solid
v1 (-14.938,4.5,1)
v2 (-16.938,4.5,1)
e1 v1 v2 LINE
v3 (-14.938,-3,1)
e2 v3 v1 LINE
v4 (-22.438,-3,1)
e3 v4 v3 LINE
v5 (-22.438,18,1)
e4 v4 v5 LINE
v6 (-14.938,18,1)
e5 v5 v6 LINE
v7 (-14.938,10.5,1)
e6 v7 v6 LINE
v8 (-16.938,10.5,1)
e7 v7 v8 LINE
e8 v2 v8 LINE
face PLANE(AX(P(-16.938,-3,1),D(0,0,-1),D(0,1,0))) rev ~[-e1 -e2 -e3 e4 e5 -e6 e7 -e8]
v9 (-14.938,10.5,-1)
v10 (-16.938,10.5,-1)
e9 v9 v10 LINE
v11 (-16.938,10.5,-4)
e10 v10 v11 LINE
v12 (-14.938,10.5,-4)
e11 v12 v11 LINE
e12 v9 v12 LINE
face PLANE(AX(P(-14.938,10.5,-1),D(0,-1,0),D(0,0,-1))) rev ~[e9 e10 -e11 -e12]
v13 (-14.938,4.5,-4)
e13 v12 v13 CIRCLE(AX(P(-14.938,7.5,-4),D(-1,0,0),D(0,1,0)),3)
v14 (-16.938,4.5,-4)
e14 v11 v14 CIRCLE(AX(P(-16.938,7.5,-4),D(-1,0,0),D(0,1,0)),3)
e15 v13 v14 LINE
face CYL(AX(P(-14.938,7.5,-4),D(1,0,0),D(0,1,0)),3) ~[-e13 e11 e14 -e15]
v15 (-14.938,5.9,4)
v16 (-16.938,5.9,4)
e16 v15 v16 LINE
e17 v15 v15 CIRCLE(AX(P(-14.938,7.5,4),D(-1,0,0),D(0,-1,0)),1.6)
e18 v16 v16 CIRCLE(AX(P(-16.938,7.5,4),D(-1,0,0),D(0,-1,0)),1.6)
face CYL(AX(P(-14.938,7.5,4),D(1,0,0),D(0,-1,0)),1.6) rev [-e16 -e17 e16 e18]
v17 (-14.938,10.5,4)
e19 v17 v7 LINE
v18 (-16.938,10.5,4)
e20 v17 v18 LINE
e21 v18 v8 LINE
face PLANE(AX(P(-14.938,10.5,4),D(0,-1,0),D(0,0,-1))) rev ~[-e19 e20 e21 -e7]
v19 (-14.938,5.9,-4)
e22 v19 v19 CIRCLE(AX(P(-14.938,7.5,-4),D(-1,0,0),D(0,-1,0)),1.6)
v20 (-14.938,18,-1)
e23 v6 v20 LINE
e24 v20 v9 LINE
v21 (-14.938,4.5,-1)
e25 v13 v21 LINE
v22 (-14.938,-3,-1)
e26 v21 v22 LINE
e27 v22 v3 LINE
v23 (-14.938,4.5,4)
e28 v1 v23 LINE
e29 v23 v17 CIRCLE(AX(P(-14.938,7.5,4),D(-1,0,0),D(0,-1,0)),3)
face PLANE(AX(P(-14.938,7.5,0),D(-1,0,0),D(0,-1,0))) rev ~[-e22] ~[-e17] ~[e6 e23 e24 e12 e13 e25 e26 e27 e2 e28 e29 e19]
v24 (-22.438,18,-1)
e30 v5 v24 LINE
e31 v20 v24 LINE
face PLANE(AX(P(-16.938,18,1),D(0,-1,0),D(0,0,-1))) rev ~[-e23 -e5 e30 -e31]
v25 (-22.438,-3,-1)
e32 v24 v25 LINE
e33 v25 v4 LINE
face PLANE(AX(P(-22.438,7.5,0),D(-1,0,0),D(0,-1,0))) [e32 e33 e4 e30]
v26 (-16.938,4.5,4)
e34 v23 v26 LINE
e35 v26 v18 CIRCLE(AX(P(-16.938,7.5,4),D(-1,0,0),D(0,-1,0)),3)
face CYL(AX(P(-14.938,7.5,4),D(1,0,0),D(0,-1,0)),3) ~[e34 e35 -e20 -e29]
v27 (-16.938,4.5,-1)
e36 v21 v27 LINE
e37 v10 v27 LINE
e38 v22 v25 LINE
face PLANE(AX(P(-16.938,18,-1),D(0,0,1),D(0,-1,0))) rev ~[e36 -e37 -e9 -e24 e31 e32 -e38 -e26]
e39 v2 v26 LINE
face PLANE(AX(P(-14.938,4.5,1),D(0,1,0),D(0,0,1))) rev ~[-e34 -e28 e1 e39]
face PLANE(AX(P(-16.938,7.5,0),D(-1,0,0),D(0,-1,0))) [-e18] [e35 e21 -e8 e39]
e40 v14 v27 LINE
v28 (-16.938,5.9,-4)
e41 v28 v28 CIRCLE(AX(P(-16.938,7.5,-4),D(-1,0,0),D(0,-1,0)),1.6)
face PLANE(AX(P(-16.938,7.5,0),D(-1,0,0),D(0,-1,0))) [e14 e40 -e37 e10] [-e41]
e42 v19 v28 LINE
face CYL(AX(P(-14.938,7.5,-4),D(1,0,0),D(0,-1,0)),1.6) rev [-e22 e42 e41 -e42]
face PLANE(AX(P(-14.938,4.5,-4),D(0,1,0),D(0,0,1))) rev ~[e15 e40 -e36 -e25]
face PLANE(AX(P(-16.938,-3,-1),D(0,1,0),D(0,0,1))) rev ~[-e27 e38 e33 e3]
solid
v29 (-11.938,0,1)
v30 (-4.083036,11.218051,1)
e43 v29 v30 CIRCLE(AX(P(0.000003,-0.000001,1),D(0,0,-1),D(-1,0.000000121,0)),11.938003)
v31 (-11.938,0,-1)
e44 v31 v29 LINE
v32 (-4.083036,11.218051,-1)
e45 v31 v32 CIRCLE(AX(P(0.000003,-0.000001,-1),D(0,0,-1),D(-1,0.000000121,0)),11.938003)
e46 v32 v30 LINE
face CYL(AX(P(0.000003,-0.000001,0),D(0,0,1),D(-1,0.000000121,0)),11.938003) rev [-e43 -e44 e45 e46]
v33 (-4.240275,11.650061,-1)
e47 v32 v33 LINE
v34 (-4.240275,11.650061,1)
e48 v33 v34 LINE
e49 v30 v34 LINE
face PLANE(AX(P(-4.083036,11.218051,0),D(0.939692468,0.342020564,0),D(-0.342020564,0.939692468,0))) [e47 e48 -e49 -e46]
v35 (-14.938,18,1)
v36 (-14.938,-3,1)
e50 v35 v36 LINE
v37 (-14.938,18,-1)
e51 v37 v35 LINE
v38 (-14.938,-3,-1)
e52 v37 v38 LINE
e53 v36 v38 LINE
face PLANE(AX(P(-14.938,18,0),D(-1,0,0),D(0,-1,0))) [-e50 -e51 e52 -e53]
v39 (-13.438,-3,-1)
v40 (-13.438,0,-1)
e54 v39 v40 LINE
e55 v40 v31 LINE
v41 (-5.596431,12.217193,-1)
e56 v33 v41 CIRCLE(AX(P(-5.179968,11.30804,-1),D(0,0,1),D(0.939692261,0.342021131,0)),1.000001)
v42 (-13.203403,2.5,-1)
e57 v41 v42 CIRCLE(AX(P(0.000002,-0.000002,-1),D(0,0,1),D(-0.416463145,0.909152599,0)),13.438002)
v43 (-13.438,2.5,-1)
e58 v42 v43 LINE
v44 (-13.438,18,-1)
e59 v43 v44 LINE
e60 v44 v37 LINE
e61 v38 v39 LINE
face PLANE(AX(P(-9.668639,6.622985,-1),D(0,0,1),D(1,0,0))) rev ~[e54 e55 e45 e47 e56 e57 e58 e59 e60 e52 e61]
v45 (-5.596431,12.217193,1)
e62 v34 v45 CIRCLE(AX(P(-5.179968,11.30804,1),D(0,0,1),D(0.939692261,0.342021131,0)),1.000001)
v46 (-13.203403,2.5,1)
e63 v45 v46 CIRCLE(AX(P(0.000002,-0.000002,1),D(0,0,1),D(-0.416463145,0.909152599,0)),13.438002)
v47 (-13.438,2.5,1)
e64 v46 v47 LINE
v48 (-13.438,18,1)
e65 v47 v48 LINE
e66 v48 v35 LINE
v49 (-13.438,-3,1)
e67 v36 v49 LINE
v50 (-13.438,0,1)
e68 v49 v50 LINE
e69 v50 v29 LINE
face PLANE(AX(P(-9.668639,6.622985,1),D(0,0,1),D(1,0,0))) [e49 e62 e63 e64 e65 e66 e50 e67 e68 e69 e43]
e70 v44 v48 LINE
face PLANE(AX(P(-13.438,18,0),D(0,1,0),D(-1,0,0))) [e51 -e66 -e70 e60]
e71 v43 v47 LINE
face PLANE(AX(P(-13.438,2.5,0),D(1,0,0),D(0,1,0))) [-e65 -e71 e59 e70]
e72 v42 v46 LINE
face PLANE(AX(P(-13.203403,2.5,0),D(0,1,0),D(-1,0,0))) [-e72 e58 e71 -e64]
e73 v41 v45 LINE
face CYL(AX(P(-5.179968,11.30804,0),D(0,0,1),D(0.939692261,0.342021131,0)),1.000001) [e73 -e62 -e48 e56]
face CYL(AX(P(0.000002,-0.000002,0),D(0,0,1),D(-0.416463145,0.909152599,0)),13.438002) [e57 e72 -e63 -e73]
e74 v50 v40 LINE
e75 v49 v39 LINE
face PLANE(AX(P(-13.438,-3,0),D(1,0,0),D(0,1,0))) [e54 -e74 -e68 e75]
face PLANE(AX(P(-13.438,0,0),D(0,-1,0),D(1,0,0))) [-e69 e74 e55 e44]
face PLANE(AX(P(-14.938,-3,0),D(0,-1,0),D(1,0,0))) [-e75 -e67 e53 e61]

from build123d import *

# Parameters (mm, degrees)
F1_DEPTH = 1
F2_R     = 1.6
F3_DEPTH = 2
F5_DEPTH = 5.5


with BuildPart() as f1:
    # F0 (on Top) → F1 (new body, symmetric)
    with BuildSketch(Plane.XY):
        with BuildLine():
            Line((-13.438, 0), (-11.938, 0))
            ThreePointArc((-11.938, 0), (-9.779037, 6.847355), (-4.083036, 11.218051))
            Line((-4.083036, 11.218051), (-4.240275, 11.650061))
            ThreePointArc((-4.240275, 11.650061), (-4.794154, 12.230617), (-5.596431, 12.217193))
            ThreePointArc((-5.596431, 12.217193), (-10.581323, 8.283444), (-13.203403, 2.5))
            ThreePointArc((-13.203403, 2.5), (-13.379222, 1.255492), (-13.438, 0))
        make_face()
        Polygon((-13.438, -3), (-13.438, 0), (-13.438, 2.5), (-13.438, 18), (-14.938, 18), (-14.938, -3), align=None)
        with BuildLine():
            Line((-13.438, 2.5), (-13.438, 0))
            ThreePointArc((-13.438, 0), (-13.379222, 1.255492), (-13.203403, 2.5))
            Line((-13.203403, 2.5), (-13.438, 2.5))
        make_face()
    extrude(amount=F1_DEPTH, both=True)


with BuildPart() as f3:
    # F2 (on face) → F3 (new body)
    with BuildSketch(Plane(origin=(-14.938, 0, 0), x_dir=(0, -1, 0), z_dir=(-1, 0, 0))):
        Polygon((-18, 1), (-18, -1), (-10.5, -1), (-4.5, -1), (3, -1), (3, 1), (-4.5, 1), (-10.5, 1), align=None)
        with BuildLine():
            Line((-4.5, -1), (-10.5, -1))
            Line((-10.5, -1), (-10.5, -4))
            ThreePointArc((-10.5, -4), (-7.5, -7), (-4.5, -4))
            Line((-4.5, -4), (-4.5, -1))
        make_face()
        with Locations((-7.5, -4)):
            Circle(F2_R, mode=Mode.SUBTRACT)
        with BuildLine():
            Line((-10.5, 4), (-10.5, 1))
            Line((-10.5, 1), (-4.5, 1))
            Line((-4.5, 1), (-4.5, 4))
            ThreePointArc((-4.5, 4), (-7.5, 7), (-10.5, 4))
        make_face()
        with Locations((-7.5, 4)):
            Circle(F2_R, mode=Mode.SUBTRACT)
    extrude(amount=F3_DEPTH)

    # F4 (on face) → F5 (join)
    with BuildSketch(Plane(origin=(-16.938, 0, 0), x_dir=(0, -1, 0), z_dir=(-1, 0, 0))):
        Polygon((-18, 1), (-18, -1), (-10.5, -1), (-4.5, -1), (3, -1), (3, 1), (-4.5, 1), (-10.5, 1), align=None)
    extrude(amount=F5_DEPTH)


solid = Compound([f1.part, f3.part])
